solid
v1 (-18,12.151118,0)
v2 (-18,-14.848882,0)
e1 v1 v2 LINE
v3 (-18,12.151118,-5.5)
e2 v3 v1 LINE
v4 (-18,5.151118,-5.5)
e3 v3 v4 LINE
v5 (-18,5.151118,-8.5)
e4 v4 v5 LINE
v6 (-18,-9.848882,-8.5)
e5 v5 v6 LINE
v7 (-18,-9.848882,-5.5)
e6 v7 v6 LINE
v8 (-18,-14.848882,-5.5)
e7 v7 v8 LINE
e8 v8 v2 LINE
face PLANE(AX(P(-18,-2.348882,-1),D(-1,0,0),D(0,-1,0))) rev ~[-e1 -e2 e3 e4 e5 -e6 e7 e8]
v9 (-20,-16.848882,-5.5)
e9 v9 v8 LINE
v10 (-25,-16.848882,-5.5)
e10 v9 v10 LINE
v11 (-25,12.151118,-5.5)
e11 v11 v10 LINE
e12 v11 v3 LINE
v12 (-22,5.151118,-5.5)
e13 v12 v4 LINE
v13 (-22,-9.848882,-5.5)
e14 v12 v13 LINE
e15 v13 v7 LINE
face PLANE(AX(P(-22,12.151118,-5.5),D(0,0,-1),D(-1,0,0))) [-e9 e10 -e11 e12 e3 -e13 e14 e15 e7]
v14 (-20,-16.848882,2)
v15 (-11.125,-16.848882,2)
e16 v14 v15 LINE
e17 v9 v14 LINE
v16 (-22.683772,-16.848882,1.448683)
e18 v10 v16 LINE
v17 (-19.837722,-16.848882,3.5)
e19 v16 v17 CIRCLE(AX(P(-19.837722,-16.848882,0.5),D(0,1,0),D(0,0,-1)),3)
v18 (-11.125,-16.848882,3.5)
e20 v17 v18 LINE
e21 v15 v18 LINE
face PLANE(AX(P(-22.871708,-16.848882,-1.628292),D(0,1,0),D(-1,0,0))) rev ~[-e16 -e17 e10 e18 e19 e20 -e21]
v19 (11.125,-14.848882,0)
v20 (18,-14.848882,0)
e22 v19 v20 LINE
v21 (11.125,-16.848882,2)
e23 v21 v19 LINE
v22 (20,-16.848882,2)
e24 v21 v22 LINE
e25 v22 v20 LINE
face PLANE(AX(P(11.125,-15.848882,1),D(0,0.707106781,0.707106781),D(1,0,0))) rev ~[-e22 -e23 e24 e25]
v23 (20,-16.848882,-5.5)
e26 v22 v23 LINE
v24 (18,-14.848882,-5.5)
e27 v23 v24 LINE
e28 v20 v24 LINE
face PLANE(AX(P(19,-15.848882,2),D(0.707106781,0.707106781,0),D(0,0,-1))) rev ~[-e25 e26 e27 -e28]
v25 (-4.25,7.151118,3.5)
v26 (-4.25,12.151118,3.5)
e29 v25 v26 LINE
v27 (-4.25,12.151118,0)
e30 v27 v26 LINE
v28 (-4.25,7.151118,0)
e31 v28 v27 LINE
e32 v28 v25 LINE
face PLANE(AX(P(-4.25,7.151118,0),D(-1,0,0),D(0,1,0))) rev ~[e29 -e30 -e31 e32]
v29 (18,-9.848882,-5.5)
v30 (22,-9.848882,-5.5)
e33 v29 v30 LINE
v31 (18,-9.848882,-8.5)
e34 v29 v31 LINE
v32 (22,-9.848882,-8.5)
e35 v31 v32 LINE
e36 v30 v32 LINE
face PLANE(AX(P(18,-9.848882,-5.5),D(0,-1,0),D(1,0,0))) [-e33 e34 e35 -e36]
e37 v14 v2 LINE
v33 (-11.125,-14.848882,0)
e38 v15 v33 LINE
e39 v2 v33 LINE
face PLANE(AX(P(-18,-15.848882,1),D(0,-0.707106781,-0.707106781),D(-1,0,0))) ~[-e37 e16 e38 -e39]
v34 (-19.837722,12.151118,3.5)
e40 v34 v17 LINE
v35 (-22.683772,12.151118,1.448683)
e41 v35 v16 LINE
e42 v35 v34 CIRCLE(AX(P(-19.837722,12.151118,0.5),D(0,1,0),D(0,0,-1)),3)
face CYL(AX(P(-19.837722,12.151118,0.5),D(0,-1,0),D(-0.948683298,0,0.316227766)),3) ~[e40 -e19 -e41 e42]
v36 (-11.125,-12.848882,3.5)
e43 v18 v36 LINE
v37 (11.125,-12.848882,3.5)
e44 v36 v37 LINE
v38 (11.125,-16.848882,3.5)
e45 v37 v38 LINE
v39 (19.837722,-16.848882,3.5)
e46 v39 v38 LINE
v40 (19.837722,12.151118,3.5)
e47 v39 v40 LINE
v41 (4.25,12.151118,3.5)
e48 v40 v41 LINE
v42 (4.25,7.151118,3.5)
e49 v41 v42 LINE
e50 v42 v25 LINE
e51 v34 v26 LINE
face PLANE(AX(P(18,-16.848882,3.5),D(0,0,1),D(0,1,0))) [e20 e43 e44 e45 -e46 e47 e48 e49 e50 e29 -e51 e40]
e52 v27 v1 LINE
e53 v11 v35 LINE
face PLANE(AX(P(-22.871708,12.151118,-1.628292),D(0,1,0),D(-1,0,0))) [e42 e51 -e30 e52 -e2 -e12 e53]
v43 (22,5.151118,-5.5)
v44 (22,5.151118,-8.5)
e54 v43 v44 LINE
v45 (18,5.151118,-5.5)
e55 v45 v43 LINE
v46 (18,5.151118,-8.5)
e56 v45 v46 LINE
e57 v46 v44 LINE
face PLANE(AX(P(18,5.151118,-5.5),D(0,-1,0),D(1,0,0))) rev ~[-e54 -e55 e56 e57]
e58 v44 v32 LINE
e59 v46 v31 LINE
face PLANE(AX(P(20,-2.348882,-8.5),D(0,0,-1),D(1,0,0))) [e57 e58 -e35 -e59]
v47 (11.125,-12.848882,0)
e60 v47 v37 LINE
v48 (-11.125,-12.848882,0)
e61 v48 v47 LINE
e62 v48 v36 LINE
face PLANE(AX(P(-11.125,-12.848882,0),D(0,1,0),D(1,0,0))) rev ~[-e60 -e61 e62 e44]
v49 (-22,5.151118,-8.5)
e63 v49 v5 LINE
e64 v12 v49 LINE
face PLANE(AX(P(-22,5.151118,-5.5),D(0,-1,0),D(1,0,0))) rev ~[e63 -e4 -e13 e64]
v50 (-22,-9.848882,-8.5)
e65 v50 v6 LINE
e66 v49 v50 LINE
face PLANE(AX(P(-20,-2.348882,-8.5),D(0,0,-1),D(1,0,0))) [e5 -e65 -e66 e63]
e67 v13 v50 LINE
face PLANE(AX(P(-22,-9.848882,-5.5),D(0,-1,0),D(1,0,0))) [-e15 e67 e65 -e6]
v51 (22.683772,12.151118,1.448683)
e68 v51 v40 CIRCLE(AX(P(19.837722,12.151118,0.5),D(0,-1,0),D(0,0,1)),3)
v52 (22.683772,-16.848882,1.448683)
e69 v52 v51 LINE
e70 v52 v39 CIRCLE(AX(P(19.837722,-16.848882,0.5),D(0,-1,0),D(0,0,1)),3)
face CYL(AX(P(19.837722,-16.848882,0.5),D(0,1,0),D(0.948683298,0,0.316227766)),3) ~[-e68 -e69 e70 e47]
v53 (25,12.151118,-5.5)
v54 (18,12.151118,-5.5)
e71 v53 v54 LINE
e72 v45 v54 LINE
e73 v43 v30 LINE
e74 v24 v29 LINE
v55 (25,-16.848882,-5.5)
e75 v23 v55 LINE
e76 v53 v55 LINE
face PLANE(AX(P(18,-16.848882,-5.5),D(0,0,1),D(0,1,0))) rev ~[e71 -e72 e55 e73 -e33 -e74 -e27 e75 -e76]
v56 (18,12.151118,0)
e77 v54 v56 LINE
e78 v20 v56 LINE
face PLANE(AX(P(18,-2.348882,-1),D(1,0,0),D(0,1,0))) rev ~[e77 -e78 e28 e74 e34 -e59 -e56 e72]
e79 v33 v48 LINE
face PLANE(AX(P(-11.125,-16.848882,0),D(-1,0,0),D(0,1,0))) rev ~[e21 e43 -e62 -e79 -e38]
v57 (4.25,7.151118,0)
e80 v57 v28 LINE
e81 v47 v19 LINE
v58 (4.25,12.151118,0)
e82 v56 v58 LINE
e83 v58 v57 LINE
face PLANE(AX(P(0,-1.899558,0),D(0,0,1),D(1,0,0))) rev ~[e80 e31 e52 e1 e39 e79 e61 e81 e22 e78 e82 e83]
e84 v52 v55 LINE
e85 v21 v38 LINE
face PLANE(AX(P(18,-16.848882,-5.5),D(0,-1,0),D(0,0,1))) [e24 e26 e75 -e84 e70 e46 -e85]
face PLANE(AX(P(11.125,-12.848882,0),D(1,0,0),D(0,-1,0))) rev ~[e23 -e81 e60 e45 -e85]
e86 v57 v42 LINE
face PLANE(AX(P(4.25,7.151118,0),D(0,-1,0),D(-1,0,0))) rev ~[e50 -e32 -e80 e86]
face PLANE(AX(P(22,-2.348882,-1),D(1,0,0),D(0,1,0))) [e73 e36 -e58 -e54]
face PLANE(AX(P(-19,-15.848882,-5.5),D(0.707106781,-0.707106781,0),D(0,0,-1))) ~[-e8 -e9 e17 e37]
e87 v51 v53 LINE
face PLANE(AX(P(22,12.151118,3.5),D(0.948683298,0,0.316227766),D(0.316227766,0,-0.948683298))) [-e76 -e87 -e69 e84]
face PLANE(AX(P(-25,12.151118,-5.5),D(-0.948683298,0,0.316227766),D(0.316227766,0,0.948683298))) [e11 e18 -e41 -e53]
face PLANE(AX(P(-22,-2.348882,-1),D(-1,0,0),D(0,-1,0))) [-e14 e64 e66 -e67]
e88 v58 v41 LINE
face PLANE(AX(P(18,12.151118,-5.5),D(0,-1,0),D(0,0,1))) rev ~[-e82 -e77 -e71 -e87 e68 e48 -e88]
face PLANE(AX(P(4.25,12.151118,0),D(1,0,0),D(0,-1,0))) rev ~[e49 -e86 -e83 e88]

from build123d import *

# Parameters (mm, degrees)
F1_DEPTH  = 3.5
F2_W      = 29
F2_H      = 9
F3_DEPTH  = 4
F4_W      = 29
F4_H      = 9
F5_DEPTH  = 4
F6_SIZE   = 2
F7_W      = 4
F7_H      = 15
F8_DEPTH  = 3
F9_SIZE   = 2
F11_DEPTH = 29
F12_R     = 3


with BuildPart() as f1:
    # F0 (on Top) → F1 (new body)
    with BuildSketch(Plane.XY):
        Polygon((-4.25, 12.1511180716), (-18, 12.1511180716), (-18, -16.8488819284), (-11.125, -16.8488819284), (-11.125, -12.8488819284), (11.125, -12.8488819284), (11.125, -16.8488819284), (18, -16.8488819284), (18, 12.1511180716), (4.25, 12.1511180716), (4.25, 7.1511180716), (-4.25, 7.1511180716), align=None)
    extrude(amount=F1_DEPTH)

    # F2 (on face) → F3 (join)
    with BuildSketch(Plane(origin=(-18, 0, 0), x_dir=(0, -1, 0), z_dir=(-1, 0, 0))):
        with Locations((2.3488819284, -1)):
            Rectangle(F2_W, F2_H)
    extrude(amount=F3_DEPTH)

    # F4 (on face) → F5 (join)
    with BuildSketch(Plane.YZ.offset(18)):
        with Locations((-2.3488819284, -1)):
            Rectangle(F4_W, F4_H)
    extrude(amount=F5_DEPTH)

    # F6
    f6_edges = [f1.edges().sort_by_distance(p)[0] for p in [
        (-14.5625, -16.848882, 0),
        (14.5625, -16.848882, 0),
    ]]
    chamfer(f6_edges, length=F6_SIZE)

    # F7 (on face) → F8 (join)
    with BuildSketch(Plane(origin=(0, 0, -5.5), x_dir=(1, 0, 0), z_dir=(0, 0, -1))):
        with Locations((20, 2.3488819284)):
            Rectangle(F7_W, F7_H)
        with Locations((-20, 2.3488819284)):
            Rectangle(F7_W, F7_H)
    extrude(amount=F8_DEPTH)

    # F9
    f9_edges = [f1.edges().sort_by_distance(p)[0] for p in [
        (18, -16.848882, -1.75),
        (-18, -16.848882, -1.75),
    ]]
    chamfer(f9_edges, length=F9_SIZE)

    # F10 (on face) → F11 (join, through all)
    with BuildSketch(Plane(origin=(0, 12.1511180716, 0), x_dir=(-1, 0, 0), z_dir=(0, 1, 0))):
        Polygon((25, -5.5), (22, 3.5), (22, -5.5), align=None)
        Polygon((-22, -5.5), (-22, 3.5), (-25, -5.5), align=None)
    extrude(amount=-F11_DEPTH)

    # F12
    f12_edges = [f1.edges().sort_by_distance(p)[0] for p in [
        (-22, -2.348882, 3.5),
        (22, -2.348882, 3.5),
    ]]
    fillet(f12_edges, radius=F12_R)


solid = f1.part
